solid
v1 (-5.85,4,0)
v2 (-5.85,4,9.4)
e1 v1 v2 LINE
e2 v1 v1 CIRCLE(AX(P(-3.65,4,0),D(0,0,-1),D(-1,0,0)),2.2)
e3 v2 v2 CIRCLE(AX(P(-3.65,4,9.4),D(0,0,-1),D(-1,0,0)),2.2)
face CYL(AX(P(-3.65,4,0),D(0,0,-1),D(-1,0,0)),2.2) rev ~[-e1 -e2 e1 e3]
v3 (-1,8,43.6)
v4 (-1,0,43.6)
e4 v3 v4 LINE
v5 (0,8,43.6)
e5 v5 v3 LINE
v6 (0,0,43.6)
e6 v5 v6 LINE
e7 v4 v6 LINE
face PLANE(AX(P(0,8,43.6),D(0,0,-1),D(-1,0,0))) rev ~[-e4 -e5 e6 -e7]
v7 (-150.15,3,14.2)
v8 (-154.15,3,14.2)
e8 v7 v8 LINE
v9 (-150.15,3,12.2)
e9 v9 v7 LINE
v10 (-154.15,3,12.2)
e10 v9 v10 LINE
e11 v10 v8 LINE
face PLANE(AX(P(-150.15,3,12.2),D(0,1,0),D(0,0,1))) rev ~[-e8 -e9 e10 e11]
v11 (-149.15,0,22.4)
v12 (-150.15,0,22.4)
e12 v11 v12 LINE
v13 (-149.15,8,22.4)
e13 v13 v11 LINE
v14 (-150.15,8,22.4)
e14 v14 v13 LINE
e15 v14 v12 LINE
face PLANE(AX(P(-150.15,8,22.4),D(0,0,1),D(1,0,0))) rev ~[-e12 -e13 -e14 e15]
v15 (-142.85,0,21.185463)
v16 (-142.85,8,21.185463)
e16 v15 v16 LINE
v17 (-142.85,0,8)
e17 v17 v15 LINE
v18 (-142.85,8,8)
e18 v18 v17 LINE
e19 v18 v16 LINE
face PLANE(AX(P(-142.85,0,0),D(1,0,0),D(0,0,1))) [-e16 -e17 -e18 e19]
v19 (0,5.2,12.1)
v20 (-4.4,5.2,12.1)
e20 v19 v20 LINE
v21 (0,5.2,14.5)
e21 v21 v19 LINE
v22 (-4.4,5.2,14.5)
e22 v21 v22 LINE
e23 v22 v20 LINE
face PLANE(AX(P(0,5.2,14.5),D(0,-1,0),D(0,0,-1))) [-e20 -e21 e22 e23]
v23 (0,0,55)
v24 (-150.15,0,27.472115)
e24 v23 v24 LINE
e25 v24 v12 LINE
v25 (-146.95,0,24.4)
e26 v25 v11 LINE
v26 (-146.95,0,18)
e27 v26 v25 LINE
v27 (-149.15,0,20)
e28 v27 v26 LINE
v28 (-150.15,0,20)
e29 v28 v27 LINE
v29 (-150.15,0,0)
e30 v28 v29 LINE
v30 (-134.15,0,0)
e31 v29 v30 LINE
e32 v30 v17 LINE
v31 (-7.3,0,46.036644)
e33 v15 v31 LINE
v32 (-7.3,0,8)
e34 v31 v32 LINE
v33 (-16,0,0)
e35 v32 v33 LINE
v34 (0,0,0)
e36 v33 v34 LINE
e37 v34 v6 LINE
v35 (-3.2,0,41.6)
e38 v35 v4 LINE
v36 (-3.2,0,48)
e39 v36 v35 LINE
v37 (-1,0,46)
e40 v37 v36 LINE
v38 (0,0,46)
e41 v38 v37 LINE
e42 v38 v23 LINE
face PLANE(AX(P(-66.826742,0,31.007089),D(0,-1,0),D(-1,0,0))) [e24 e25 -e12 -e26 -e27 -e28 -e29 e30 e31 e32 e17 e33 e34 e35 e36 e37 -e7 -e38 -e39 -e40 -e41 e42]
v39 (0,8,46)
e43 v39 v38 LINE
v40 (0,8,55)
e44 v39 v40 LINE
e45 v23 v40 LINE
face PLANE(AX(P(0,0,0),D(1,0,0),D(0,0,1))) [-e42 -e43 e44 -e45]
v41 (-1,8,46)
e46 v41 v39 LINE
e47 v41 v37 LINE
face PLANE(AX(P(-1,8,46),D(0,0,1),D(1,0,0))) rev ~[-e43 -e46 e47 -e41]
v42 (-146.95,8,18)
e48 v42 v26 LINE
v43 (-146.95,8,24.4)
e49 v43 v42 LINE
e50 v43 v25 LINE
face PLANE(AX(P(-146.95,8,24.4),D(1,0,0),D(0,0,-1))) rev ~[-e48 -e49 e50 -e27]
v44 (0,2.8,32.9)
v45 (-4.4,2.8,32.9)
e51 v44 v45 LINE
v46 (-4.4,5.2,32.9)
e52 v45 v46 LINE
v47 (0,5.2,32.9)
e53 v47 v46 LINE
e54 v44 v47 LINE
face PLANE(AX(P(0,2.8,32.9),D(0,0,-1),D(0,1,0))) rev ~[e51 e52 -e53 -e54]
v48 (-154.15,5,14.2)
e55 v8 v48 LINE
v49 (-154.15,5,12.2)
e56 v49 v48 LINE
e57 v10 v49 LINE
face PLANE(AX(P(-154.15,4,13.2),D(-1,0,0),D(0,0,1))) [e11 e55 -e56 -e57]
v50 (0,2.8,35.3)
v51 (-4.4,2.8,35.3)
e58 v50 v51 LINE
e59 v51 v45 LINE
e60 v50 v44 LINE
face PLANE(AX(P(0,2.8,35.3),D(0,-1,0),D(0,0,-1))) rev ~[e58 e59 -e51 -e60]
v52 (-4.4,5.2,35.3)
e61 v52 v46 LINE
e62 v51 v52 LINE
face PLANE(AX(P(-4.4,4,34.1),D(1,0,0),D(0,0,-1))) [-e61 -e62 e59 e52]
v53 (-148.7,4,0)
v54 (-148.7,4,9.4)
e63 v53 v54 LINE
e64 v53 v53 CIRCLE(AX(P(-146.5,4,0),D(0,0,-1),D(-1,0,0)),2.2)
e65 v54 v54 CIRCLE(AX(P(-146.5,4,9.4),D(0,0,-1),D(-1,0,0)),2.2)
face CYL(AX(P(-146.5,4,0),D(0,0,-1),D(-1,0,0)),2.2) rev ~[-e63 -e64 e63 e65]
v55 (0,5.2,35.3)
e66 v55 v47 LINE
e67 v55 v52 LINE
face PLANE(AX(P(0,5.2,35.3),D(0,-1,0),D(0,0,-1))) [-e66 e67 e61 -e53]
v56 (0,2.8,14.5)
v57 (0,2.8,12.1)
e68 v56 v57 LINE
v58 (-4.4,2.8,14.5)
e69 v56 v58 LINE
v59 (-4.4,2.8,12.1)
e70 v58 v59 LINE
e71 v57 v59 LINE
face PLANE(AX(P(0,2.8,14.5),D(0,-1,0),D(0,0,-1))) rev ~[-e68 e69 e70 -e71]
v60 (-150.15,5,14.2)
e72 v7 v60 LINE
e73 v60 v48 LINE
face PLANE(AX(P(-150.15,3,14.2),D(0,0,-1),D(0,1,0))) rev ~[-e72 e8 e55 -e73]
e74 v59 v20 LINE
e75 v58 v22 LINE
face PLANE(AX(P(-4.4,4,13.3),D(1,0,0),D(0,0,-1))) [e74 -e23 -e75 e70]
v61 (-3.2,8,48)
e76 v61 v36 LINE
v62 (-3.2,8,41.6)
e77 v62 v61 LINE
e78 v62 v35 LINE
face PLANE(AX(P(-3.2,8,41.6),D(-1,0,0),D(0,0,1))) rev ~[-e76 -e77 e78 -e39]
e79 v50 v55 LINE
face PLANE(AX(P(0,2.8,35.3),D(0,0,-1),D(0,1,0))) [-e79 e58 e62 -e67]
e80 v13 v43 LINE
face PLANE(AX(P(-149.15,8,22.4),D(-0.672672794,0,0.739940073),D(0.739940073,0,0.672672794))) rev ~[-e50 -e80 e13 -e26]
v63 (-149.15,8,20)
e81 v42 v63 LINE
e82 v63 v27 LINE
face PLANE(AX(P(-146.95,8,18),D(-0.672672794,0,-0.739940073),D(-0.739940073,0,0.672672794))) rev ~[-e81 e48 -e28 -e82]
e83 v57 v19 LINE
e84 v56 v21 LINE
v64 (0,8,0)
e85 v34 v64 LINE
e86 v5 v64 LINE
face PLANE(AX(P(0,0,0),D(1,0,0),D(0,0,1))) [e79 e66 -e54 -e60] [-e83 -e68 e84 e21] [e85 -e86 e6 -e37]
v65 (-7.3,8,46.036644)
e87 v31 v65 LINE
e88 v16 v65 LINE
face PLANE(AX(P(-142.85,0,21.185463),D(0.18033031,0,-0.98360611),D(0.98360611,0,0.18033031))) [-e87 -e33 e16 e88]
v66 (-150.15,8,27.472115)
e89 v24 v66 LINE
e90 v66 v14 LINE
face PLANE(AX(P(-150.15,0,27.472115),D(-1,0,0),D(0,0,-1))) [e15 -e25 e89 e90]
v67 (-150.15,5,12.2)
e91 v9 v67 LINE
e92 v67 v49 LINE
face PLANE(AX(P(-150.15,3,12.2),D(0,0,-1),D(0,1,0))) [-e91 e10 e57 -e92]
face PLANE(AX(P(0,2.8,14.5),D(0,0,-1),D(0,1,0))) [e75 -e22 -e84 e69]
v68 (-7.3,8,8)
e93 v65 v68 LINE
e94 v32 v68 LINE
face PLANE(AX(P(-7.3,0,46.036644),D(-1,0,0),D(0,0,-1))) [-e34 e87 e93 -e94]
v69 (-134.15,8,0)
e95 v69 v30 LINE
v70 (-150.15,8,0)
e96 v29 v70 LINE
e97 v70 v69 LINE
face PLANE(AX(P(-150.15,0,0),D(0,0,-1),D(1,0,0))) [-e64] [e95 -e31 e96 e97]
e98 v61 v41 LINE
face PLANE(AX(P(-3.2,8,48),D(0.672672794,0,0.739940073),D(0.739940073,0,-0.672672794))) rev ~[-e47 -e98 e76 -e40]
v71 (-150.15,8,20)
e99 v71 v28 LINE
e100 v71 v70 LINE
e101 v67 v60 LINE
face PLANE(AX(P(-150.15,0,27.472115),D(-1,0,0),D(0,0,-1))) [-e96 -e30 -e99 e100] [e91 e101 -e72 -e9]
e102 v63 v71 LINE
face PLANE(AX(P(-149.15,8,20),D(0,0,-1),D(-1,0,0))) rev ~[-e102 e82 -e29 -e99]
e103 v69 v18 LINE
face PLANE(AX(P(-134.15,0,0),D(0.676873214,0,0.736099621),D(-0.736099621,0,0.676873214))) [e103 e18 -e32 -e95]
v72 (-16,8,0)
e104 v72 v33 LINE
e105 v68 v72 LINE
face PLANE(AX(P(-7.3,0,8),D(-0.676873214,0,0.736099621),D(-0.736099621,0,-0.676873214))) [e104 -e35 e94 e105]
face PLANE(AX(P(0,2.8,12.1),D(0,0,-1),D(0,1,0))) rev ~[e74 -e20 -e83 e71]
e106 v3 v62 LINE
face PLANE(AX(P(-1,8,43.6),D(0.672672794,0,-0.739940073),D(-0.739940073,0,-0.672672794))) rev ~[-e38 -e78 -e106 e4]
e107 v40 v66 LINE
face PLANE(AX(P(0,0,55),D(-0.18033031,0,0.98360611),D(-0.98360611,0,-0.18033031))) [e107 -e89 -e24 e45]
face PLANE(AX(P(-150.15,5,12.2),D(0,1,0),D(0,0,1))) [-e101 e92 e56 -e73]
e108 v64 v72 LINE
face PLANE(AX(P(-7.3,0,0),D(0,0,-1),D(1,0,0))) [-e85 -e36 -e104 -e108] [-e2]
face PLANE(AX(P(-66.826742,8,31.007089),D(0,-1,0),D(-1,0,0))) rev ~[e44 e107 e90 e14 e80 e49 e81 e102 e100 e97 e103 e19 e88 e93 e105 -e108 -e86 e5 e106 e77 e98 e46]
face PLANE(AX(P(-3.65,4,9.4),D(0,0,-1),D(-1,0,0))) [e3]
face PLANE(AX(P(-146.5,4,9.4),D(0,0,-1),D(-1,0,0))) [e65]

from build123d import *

# Parameters (mm, degrees)
P_IDAT_VYSUNUT_M1_DEPTH  = 8
ODEBRAT_VYSUNUT_M1_DEPTH = 161.106285011
SKICA6_W                 = 16
SKICA6_H                 = 8
P_IDAT_VYSUNUT_M3_DEPTH  = 8
ODEBRAT_VYSUNUT_M4_DEPTH = 161.106285011
SKICA4_W                 = 2.4
SKICA4_H                 = 2.4
ODEBRAT_VYSUNUT_M2_DEPTH = 4.4
SKICA5_W                 = 2
SKICA5_H                 = 2
P_IDAT_VYSUNUT_M2_DEPTH  = 4
ODEBRAT_VYSUNUT_M5_DEPTH = 164.863426365
SKICA12_R                = 2.2
ODEBRAT_VYSUNUT_M7_DEPTH = 9.4


with BuildPart() as part:
    # Skica1 → Přidat vysunutím1 (new body)
    with BuildSketch(Plane(origin=(0, 0, 0), x_dir=(1, 0, 0), z_dir=(0, 1, 0))):
        Polygon((0, 0), (0, -55), (-150.15, -27.472114866), (-150.15, 0), (-142.85, 0), (-142.85, -21.185463454), (-7.3, -46.036644473), (-7.3, 0), align=None)
    extrude(amount=P_IDAT_VYSUNUT_M1_DEPTH)

    # Skica3 → Odebrat vysunutím1 (cut, through all)
    with BuildSketch(Plane(origin=(0, 8, 0), x_dir=(1, 0, 0), z_dir=(0, 1, 0))):
        Polygon((-1, -43.6), (-3.2, -41.6), (-3.2, -48), (-1, -46), (0, -46), (0, -43.6), align=None)
    extrude(amount=-ODEBRAT_VYSUNUT_M1_DEPTH, mode=Mode.SUBTRACT)

    # Skica6 → Přidat vysunutím3 (add)
    with BuildSketch(Plane(origin=(0, 8, 0), x_dir=(1, 0, 0), z_dir=(0, 1, 0))):
        with Locations((-142.15, -4)):
            Rectangle(SKICA6_W, SKICA6_H)
        with Locations((-8, -4)):
            Rectangle(SKICA6_W, SKICA6_H)
    extrude(amount=-P_IDAT_VYSUNUT_M3_DEPTH)

    # Skica9 → Odebrat vysunutím4 (cut, through all)
    with BuildSketch(Plane.XZ):
        Polygon((-142.85, 8), (-134.15, 8), (-134.15, 0), align=None)
        Polygon((-16, 8), (-7.3, 8), (-16, 0), align=None)
    extrude(amount=-ODEBRAT_VYSUNUT_M4_DEPTH, mode=Mode.SUBTRACT)

    # Skica4 → Odebrat vysunutím2 (cut)
    with BuildSketch(Plane(origin=(0, 0, 0), x_dir=(0, 0, -1), z_dir=(1, 0, 0))):
        with Locations((-34.1, 4)):
            Rectangle(SKICA4_W, SKICA4_H)
        with Locations((-13.3, 4)):
            Rectangle(SKICA4_W, SKICA4_H)
    extrude(amount=-ODEBRAT_VYSUNUT_M2_DEPTH, mode=Mode.SUBTRACT)

    # Skica5 → Přidat vysunutím2 (add)
    with BuildSketch(Plane.ZY.offset(150.15)):
        with Locations((13.2, 4)):
            Rectangle(SKICA5_W, SKICA5_H)
    extrude(amount=P_IDAT_VYSUNUT_M2_DEPTH)

    # Skica10 → Odebrat vysunutím5 (cut, through all)
    with BuildSketch(Plane(origin=(0, 8, 0), x_dir=(1, 0, 0), z_dir=(0, 1, 0))):
        Polygon((-150.15, -22.4), (-149.15, -22.4), (-146.95, -24.4), (-146.95, -18), (-149.15, -20), (-150.15, -20), align=None)
    extrude(amount=-ODEBRAT_VYSUNUT_M5_DEPTH, mode=Mode.SUBTRACT)

    # Skica12 → Odebrat vysunutím7 (cut)
    with BuildSketch(Plane(origin=(0, 0, 0), x_dir=(-1, 0, 0), z_dir=(0, 0, -1))):
        with Locations((3.65, 4)):
            Circle(SKICA12_R)
        with Locations((146.5, 4)):
            Circle(SKICA12_R)
    extrude(amount=-ODEBRAT_VYSUNUT_M7_DEPTH, mode=Mode.SUBTRACT)


solid = part.part
